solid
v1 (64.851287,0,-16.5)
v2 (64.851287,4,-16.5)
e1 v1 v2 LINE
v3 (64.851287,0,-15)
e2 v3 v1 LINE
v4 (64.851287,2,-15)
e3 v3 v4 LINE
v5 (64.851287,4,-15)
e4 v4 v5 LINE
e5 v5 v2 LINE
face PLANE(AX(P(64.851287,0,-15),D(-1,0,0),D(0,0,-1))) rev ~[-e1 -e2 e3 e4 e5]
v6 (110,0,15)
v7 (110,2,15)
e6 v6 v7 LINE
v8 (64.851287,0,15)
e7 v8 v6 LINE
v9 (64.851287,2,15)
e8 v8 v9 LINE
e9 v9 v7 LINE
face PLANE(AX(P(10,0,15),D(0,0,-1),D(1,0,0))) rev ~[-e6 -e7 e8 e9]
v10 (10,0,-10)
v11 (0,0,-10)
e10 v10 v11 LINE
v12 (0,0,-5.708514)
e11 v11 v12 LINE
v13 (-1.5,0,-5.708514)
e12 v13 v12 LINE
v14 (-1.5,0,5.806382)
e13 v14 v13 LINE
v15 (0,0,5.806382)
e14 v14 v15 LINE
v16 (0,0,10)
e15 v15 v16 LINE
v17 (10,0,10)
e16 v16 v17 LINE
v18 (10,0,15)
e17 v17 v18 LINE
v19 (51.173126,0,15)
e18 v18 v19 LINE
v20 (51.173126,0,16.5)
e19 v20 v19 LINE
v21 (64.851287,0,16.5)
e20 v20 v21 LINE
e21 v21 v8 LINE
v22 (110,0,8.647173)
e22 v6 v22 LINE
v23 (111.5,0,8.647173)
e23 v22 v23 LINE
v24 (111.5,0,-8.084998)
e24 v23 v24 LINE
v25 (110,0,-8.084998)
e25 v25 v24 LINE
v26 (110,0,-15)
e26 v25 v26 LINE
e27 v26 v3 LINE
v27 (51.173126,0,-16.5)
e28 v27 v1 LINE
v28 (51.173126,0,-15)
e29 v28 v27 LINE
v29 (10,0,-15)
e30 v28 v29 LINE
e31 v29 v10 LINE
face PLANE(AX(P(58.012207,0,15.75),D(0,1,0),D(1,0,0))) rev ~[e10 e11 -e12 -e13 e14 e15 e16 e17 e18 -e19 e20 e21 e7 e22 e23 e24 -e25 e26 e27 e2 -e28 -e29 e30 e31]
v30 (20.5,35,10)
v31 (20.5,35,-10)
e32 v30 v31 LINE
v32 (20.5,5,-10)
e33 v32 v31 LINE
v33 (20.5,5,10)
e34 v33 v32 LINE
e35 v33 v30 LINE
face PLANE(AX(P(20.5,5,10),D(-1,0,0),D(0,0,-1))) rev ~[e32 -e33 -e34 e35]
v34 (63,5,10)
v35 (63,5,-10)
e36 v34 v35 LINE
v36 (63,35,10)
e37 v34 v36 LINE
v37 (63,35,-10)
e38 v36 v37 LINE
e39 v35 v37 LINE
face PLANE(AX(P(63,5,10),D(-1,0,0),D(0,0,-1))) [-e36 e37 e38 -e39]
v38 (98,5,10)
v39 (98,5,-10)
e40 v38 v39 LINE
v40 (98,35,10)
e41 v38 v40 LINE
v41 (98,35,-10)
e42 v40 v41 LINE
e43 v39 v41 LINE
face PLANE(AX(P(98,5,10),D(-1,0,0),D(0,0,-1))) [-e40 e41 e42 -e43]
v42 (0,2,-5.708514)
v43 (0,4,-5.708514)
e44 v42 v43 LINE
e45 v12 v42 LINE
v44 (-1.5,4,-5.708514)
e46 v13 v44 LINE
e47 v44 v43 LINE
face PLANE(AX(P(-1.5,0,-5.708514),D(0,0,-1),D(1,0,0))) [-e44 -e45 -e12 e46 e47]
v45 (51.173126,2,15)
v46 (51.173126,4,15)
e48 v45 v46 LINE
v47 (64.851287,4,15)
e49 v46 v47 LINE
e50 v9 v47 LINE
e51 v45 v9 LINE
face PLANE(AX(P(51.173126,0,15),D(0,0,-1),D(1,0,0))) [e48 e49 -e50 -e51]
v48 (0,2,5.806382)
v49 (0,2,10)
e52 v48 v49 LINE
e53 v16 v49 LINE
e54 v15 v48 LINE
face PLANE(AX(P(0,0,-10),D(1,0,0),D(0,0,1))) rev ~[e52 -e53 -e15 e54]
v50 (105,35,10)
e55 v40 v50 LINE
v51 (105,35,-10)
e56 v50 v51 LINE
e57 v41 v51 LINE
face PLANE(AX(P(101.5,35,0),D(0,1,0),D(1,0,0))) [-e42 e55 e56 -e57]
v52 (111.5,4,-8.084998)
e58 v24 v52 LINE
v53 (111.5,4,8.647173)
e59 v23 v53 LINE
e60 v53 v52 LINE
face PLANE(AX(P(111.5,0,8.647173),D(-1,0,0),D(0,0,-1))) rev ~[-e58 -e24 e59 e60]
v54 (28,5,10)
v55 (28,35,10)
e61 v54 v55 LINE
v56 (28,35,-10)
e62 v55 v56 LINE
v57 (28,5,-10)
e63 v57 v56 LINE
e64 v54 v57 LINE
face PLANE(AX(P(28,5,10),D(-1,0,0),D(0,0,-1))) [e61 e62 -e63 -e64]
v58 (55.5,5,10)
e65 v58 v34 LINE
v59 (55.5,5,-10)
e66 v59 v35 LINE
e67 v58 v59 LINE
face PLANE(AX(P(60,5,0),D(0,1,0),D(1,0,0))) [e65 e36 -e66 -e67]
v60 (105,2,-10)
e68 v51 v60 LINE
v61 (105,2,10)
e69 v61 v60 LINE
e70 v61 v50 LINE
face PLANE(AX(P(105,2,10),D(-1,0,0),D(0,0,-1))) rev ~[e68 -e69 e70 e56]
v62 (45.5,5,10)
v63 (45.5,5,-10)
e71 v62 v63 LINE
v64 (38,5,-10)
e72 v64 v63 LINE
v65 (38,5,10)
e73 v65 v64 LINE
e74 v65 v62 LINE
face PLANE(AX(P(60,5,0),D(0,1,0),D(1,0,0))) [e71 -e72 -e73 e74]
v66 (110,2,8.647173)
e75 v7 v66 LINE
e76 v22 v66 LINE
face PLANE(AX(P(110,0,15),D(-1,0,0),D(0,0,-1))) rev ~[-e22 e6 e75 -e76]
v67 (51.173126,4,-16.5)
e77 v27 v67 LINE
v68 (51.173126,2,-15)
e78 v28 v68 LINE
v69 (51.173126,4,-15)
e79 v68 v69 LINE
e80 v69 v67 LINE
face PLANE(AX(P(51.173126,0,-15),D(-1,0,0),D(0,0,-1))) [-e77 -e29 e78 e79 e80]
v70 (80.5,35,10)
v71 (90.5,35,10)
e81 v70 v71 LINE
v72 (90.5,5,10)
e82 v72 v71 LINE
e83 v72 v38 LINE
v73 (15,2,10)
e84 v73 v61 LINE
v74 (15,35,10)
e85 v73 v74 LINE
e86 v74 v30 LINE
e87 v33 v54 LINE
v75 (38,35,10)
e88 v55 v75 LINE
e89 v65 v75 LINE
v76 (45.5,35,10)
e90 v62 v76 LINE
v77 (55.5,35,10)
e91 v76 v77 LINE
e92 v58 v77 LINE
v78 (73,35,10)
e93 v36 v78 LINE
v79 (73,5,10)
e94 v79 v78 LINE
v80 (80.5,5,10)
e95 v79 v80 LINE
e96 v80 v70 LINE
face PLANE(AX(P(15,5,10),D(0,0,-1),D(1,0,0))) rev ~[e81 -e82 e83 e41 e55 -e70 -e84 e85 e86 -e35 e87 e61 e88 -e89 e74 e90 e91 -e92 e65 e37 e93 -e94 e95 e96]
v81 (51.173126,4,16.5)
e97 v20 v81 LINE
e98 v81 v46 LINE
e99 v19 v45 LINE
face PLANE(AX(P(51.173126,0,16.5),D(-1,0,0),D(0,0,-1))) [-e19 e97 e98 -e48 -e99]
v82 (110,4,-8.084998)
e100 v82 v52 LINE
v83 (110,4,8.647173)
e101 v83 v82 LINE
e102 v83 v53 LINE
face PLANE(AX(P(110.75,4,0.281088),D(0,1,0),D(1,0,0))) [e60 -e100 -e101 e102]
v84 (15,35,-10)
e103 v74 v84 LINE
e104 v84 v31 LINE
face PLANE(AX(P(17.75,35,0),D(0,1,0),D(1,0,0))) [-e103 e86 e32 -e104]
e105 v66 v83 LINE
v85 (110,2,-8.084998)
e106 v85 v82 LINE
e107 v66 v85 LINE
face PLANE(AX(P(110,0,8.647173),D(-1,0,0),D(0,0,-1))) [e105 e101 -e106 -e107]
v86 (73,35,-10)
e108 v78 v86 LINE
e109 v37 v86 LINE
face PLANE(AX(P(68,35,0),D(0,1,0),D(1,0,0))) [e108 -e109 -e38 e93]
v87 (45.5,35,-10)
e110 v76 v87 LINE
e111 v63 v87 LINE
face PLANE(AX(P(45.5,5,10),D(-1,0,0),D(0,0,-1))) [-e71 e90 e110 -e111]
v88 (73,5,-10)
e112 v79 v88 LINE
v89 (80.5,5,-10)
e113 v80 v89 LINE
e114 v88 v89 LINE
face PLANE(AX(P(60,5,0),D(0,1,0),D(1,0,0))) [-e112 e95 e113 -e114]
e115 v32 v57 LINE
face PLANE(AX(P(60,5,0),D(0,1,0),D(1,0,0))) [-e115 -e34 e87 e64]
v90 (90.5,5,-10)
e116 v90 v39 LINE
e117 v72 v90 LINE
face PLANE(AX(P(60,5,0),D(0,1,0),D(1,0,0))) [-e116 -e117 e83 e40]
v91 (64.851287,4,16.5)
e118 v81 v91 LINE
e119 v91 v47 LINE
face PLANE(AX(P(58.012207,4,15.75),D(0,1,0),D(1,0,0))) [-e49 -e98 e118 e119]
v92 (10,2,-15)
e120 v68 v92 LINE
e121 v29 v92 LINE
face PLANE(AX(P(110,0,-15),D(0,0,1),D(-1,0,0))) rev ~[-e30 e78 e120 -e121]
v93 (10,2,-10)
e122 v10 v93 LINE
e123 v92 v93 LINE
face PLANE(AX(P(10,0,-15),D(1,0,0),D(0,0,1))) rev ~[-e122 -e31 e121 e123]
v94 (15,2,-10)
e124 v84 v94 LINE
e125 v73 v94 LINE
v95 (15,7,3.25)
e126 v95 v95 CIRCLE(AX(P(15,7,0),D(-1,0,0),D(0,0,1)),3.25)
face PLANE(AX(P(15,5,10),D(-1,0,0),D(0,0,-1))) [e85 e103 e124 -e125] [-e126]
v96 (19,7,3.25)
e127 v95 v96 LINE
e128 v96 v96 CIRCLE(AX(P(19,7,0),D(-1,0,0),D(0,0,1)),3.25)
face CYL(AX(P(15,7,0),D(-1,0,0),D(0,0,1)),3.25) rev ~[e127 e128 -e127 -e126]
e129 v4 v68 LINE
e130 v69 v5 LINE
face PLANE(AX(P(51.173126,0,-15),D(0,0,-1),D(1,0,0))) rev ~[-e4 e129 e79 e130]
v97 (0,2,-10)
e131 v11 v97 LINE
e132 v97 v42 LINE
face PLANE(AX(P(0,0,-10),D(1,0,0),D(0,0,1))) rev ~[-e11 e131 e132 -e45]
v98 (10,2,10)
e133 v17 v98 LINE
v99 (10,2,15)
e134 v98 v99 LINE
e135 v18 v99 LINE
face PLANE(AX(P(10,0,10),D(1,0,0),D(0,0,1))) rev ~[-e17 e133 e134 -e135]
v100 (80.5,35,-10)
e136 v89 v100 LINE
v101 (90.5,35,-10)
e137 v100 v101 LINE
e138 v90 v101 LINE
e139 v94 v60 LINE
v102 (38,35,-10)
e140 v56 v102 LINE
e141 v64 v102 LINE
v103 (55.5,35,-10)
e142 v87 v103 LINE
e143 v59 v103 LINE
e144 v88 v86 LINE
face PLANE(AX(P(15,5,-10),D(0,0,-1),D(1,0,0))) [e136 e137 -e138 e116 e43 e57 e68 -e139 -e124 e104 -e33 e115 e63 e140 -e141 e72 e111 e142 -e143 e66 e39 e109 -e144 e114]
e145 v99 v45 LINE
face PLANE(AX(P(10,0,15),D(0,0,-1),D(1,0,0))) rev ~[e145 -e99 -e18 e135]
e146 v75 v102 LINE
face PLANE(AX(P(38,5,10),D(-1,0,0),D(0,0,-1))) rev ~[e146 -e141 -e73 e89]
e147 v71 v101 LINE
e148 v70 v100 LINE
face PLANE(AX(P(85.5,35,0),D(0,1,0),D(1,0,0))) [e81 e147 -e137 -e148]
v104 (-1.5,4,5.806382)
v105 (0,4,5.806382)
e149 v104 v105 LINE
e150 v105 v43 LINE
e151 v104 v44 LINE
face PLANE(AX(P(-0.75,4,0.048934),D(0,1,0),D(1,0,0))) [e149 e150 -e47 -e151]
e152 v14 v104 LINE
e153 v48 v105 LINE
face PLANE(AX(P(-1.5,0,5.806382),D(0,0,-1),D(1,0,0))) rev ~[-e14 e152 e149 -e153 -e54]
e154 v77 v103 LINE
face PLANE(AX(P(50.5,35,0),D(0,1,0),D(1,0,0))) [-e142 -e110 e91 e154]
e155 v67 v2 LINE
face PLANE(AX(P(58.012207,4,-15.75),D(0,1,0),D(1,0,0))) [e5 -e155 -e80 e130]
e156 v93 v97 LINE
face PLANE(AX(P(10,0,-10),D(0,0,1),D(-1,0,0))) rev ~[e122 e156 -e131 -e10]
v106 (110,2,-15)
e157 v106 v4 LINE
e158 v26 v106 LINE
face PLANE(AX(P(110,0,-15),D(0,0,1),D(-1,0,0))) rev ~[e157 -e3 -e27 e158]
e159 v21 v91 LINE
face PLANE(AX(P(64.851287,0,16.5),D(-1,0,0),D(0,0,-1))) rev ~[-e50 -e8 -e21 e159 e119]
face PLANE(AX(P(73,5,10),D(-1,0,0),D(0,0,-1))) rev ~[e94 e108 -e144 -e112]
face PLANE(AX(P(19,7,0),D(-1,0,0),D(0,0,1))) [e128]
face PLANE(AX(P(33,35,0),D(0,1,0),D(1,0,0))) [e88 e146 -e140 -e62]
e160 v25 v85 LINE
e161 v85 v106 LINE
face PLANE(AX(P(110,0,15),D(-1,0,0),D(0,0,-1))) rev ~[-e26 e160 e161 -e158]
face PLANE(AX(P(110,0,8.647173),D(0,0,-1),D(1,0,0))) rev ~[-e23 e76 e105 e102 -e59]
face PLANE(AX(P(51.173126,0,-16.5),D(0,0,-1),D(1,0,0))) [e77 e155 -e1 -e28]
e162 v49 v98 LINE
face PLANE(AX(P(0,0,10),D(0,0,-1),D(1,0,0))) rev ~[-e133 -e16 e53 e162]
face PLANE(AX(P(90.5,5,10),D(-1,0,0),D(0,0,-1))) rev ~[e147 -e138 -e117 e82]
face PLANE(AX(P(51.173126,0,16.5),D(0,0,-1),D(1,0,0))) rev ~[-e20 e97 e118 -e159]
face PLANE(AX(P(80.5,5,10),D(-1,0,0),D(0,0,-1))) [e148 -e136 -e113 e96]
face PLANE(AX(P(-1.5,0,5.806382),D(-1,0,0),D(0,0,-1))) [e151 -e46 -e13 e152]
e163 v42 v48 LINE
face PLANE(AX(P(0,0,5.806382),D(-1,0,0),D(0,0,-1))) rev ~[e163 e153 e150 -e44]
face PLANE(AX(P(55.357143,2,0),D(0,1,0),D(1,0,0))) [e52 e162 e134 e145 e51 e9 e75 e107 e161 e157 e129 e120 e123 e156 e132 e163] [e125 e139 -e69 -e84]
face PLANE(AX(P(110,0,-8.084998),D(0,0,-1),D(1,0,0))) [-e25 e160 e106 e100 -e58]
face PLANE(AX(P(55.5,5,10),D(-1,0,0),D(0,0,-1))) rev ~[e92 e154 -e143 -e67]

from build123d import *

# Parameters (mm, degrees)
EXTRUDE_1_DEPTH     = 2
SKETCH_2_W          = 90
SKETCH_2_H          = 20
EXTRUDE_2_DEPTH     = 3
SKETCH_3_W          = 10
SKETCH_3_H          = 20
SKETCH_3_W_2        = 5.5
SKETCH_3_W_3        = 7
EXTRUDE_3_DEPTH     = 30
SKETCH_4_R          = 3.25
CUT_EXTRUDE_1_DEPTH = 4
SKETCH_5_W          = 13.678161833
SKETCH_5_H          = 1.5
SKETCH_5_W_2        = 1.5
SKETCH_5_H_2        = 16.732170562
SKETCH_5_H_3        = 11.514895911
EXTRUDE_4_DEPTH     = 4


with BuildPart() as part:
    # 草图1 → 凸台-拉伸1 (new body)
    with BuildSketch(Plane(origin=(0, 0, 0), x_dir=(1, 0, 0), z_dir=(0, 1, 0))):
        Polygon((10, 15), (10, 10), (0, 10), (0, -10), (10, -10), (10, -15), (110, -15), (110, 15), align=None)
    extrude(amount=EXTRUDE_1_DEPTH)

    # 草图2 → 凸台-拉伸2 (add)
    with BuildSketch(Plane(origin=(0, 2, 0), x_dir=(1, 0, 0), z_dir=(0, 1, 0))):
        with Locations((60, 0)):
            Rectangle(SKETCH_2_W, SKETCH_2_H)
    extrude(amount=EXTRUDE_2_DEPTH)

    # 草图3 → 凸台-拉伸3 (add)
    with BuildSketch(Plane(origin=(0, 5, 0), x_dir=(1, 0, 0), z_dir=(0, 1, 0))):
        with Locations((85.5, 0)):
            Rectangle(SKETCH_3_W, SKETCH_3_H)
        with Locations((68, 0)):
            Rectangle(SKETCH_3_W, SKETCH_3_H)
        with Locations((50.5, 0)):
            Rectangle(SKETCH_3_W, SKETCH_3_H)
        with Locations((33, 0)):
            Rectangle(SKETCH_3_W, SKETCH_3_H)
        with Locations((17.75, 0)):
            Rectangle(SKETCH_3_W_2, SKETCH_3_H)
        with Locations((101.5, 0)):
            Rectangle(SKETCH_3_W_3, SKETCH_3_H)
    extrude(amount=EXTRUDE_3_DEPTH)

    # 草图4 → 切除-拉伸1 (cut)
    with BuildSketch(Plane.ZY.offset(-15)):
        with Locations((0, 7)):
            Circle(SKETCH_4_R)
    extrude(amount=-CUT_EXTRUDE_1_DEPTH, mode=Mode.SUBTRACT)

    # 草图5 → 凸台-拉伸4 (add)
    with BuildSketch(Plane(origin=(0, 0, 0), x_dir=(1, 0, 0), z_dir=(0, 1, 0))):
        with Locations((58.012206535, -15.75)):
            Rectangle(SKETCH_5_W, SKETCH_5_H)
        with Locations((58.012206535, 15.75)):
            Rectangle(SKETCH_5_W, SKETCH_5_H)
        with Locations((110.75, -0.281087738)):
            Rectangle(SKETCH_5_W_2, SKETCH_5_H_2)
        with Locations((-0.75, -0.048934151)):
            Rectangle(SKETCH_5_W_2, SKETCH_5_H_3)
    extrude(amount=EXTRUDE_4_DEPTH)


solid = part.part
